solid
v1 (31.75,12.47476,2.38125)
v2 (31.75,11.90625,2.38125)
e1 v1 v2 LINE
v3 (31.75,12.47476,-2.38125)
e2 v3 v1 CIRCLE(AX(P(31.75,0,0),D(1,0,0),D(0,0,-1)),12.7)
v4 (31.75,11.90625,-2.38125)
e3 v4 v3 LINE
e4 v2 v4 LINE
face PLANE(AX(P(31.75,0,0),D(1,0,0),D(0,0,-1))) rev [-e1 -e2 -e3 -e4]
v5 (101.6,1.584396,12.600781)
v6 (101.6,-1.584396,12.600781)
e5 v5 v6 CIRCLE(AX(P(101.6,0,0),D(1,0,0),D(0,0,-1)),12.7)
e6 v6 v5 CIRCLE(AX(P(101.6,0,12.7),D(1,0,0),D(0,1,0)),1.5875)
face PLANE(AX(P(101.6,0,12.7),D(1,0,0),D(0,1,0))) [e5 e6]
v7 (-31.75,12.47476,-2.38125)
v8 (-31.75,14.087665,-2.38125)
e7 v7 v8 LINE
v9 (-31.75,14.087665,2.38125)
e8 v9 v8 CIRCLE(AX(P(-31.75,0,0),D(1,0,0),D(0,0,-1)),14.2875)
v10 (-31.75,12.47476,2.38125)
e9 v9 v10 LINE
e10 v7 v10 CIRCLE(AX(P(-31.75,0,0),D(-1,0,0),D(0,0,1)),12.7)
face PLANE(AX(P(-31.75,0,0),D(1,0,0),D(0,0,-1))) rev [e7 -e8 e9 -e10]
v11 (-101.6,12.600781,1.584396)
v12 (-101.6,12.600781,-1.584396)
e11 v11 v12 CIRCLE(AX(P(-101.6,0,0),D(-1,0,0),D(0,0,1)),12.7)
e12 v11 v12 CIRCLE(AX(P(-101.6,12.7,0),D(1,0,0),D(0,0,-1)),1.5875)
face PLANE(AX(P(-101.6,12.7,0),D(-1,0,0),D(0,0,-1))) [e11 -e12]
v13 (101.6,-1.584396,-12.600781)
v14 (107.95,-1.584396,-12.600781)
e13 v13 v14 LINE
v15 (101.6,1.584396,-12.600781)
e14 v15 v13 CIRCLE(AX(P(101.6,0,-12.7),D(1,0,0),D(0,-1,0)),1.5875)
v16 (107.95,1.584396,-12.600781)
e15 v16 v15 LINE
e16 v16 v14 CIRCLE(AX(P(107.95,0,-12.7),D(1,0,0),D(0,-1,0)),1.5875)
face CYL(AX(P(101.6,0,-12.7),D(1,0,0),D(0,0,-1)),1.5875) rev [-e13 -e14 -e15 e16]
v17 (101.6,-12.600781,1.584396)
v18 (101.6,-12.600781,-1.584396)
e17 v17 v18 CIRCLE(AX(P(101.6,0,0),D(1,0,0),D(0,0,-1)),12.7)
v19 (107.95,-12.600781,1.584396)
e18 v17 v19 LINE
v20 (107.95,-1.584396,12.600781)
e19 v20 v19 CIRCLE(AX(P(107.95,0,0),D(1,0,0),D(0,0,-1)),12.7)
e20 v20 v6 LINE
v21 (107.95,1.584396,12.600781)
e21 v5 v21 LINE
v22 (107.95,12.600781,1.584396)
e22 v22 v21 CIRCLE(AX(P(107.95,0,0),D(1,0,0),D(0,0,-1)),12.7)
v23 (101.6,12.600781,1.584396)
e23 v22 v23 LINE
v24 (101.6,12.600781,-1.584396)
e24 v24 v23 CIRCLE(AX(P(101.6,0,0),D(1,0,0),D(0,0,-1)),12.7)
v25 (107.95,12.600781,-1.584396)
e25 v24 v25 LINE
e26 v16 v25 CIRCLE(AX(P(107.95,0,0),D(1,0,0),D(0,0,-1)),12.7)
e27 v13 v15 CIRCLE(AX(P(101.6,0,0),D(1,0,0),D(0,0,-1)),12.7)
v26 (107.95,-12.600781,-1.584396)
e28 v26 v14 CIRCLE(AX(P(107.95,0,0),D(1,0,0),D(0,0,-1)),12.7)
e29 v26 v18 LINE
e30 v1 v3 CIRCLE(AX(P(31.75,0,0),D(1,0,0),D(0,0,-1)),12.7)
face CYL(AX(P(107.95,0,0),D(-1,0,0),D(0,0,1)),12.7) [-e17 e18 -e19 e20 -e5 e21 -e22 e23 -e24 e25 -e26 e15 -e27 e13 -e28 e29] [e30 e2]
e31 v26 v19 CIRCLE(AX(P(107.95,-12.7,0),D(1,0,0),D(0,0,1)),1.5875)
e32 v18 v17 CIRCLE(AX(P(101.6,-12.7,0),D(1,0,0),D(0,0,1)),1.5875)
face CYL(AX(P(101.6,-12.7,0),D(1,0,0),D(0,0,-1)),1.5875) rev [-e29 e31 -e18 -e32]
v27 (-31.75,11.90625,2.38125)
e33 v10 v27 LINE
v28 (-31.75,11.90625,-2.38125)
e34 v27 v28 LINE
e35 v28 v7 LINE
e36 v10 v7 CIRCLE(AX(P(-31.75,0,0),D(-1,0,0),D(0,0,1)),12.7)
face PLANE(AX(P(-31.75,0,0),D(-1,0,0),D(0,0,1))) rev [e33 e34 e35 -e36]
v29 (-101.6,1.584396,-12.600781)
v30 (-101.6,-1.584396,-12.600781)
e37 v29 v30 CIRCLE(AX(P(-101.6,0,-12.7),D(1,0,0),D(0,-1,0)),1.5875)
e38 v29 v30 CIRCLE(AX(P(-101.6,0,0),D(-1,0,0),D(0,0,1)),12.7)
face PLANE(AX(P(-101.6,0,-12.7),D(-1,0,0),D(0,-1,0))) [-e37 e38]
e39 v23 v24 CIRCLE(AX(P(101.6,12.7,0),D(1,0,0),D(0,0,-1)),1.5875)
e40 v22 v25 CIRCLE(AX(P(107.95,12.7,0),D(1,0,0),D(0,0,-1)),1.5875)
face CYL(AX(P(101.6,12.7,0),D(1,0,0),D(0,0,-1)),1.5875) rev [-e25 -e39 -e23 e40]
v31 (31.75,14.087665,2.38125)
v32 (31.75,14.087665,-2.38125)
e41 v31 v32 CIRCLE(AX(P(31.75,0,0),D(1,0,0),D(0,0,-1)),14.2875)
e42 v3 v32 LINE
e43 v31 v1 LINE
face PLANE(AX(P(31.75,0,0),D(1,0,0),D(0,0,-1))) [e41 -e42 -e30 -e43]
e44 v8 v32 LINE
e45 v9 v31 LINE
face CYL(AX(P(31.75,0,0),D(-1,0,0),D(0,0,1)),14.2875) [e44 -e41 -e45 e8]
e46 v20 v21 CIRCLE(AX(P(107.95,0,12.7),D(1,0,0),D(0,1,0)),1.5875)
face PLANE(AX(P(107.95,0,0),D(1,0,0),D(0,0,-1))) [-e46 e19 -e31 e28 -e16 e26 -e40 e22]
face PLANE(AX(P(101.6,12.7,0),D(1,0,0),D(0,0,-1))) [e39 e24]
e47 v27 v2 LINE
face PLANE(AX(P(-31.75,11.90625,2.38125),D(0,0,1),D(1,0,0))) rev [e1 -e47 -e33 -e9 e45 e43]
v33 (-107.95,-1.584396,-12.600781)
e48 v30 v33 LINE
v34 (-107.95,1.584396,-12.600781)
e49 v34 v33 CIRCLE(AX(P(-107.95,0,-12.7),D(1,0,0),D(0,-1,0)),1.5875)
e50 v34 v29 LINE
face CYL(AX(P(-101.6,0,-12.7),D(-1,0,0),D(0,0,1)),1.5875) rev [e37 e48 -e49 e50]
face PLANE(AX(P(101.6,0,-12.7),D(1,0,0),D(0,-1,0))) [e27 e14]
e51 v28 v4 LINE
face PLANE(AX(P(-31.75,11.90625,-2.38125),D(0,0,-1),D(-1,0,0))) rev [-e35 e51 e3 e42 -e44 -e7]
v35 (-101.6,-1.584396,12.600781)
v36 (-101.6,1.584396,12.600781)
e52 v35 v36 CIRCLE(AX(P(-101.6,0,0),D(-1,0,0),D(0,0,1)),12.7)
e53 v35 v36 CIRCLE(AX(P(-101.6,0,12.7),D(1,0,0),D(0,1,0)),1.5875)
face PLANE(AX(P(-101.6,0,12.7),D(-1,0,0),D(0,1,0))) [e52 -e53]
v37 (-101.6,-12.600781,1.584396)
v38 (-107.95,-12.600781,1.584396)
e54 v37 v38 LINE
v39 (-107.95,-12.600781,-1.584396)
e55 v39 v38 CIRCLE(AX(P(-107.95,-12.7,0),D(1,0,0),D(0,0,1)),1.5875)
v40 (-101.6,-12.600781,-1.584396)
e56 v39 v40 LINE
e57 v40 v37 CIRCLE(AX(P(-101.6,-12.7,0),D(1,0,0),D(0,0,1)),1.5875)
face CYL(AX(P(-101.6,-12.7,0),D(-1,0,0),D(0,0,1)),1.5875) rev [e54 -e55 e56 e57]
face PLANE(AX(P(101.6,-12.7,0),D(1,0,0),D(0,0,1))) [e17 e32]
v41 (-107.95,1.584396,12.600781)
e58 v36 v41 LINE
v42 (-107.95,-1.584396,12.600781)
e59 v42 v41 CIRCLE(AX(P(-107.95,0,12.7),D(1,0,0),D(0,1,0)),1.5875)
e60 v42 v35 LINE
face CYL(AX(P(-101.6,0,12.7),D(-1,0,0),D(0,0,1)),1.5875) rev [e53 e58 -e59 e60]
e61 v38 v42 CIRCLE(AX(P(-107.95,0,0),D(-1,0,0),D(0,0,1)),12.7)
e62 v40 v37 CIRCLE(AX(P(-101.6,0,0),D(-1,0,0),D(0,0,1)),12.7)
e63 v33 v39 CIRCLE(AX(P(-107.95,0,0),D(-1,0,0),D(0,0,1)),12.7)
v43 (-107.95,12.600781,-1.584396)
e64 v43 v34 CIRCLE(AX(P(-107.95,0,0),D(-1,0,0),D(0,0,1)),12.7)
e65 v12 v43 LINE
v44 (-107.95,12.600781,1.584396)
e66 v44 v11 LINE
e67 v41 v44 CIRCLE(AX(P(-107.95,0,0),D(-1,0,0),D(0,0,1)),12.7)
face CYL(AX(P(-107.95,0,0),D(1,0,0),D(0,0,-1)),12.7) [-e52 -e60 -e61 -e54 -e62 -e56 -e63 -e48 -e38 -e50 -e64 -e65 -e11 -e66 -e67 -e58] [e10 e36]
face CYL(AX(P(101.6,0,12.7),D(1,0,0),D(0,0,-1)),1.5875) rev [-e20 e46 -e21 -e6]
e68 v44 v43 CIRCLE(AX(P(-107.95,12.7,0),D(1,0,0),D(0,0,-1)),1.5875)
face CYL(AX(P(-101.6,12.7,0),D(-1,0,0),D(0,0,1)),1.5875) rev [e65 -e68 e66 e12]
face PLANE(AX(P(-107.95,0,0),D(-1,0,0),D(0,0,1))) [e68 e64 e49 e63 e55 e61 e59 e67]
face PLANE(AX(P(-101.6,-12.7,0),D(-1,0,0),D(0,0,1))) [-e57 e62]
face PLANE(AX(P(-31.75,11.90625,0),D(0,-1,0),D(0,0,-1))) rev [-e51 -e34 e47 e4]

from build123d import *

# Parameters (mm, degrees)
SKETCH1_R               = 14.2875
BOSS_EXTRUDE1_DEPTH     = 31.75
CUT_EXTRUDE1_DEPTH      = 63.5
SKETCH3_R               = 12.7
BOSS_EXTRUDE2_DEPTH     = 76.2
SKETCH4_R               = 12.7
BOSS_EXTRUDE3_DEPTH     = 76.2
SKETCH5_R               = 1.5875
CUT_EXTRUDE2_DEPTH      = 6.35
CIRPATTERN1_COUNT       = 4
MIRROR1_COPY_1_SKETCH_R = 1.5875
MIRROR1_COPY_1_DEPTH    = 6.35
MIRROR1_COPY_2_SKETCH_R = 1.5875
MIRROR1_COPY_2_DEPTH    = 6.35
MIRROR1_COPY_3_SKETCH_R = 1.5875
MIRROR1_COPY_3_DEPTH    = 6.35


with BuildPart() as part:
    # Sketch1 → Boss-Extrude1 (new body, symmetric)
    with BuildSketch(Plane(origin=(0, 0, 0), x_dir=(0, 0, -1), z_dir=(1, 0, 0))):
        Circle(SKETCH1_R)
    extrude(amount=BOSS_EXTRUDE1_DEPTH, both=True)

    # Sketch2 → Cut-Extrude1 (cut)
    with BuildSketch(Plane(origin=(31.75, 0, 0), x_dir=(0, 0, -1), z_dir=(1, 0, 0))):
        with BuildLine():
            Line((0, 11.90625), (2.38125, 11.90625))
            Line((2.38125, 11.90625), (2.38125, 14.087664984))
            ThreePointArc((2.38125, 14.087664984), (0, 14.2875), (-2.38125, 14.087664984))
            Line((-2.38125, 14.087664984), (-2.38125, 11.90625))
            Line((-2.38125, 11.90625), (0, 11.90625))
        make_face()
    extrude(amount=-CUT_EXTRUDE1_DEPTH, mode=Mode.SUBTRACT)

    # Sketch3 → Boss-Extrude2 (add)
    with BuildSketch(Plane(origin=(31.75, 0, 0), x_dir=(0, 0, -1), z_dir=(1, 0, 0))):
        with Locations(Location((0, 0, 0), (0, 0, 100.806922875))):  # turned: the seam where the file's is
            Circle(SKETCH3_R)
    extrude(amount=BOSS_EXTRUDE2_DEPTH)

    # Sketch4 → Boss-Extrude3 (add)
    with BuildSketch(Plane.ZY.offset(31.75)):
        with Locations(Location((0, 0, 0), (0, 0, 79.193077125))):  # turned: the seam where the file's is
            Circle(SKETCH4_R)
    extrude(amount=BOSS_EXTRUDE3_DEPTH)

    # Sketch5 → Cut-Extrude2 (cut)
    with BuildSketch(Plane(origin=(107.95, 0, 0), x_dir=(0, 0, -1), z_dir=(1, 0, 0))):
        with Locations((0, 12.7)):
            Circle(SKETCH5_R)
    cut_extrude2 = extrude(amount=-CUT_EXTRUDE2_DEPTH, mode=Mode.SUBTRACT)

    # CirPattern1: Cut-Extrude2 ×4 about axis
    cirpattern1_axis = Axis((0, 0, 0), (1, 0, 0))
    for i in range(1, CIRPATTERN1_COUNT):
        add(cut_extrude2.rotate(cirpattern1_axis, i * 360 / CIRPATTERN1_COUNT), mode=Mode.SUBTRACT)

    # Mirror1: Cut-Extrude2 across plane
    add(cut_extrude2.mirror(Plane(origin=(0, 0, 0), x_dir=(0, 0, 1), z_dir=(1, 0, 0))), mode=Mode.SUBTRACT)

    # Mirror1 copy 1 sketch → Mirror1 copy 1 (cut)
    with BuildSketch(Plane(origin=(-107.95, 0, 0), x_dir=(0, 1, 0), z_dir=(-1, 0, 0))):
        with Locations((0, -12.7)):
            Circle(MIRROR1_COPY_1_SKETCH_R)
    extrude(amount=-MIRROR1_COPY_1_DEPTH, mode=Mode.SUBTRACT)

    # Mirror1 copy 2 sketch → Mirror1 copy 2 (cut)
    with BuildSketch(Plane.ZY.offset(107.95)):
        with Locations((0, -12.7)):
            Circle(MIRROR1_COPY_2_SKETCH_R)
    extrude(amount=-MIRROR1_COPY_2_DEPTH, mode=Mode.SUBTRACT)

    # Mirror1 copy 3 sketch → Mirror1 copy 3 (cut)
    with BuildSketch(Plane(origin=(-107.95, 0, 0), x_dir=(0, -1, 0), z_dir=(-1, 0, 0))):
        with Locations((0, -12.7)):
            Circle(MIRROR1_COPY_3_SKETCH_R)
    extrude(amount=-MIRROR1_COPY_3_DEPTH, mode=Mode.SUBTRACT)


solid = part.part
